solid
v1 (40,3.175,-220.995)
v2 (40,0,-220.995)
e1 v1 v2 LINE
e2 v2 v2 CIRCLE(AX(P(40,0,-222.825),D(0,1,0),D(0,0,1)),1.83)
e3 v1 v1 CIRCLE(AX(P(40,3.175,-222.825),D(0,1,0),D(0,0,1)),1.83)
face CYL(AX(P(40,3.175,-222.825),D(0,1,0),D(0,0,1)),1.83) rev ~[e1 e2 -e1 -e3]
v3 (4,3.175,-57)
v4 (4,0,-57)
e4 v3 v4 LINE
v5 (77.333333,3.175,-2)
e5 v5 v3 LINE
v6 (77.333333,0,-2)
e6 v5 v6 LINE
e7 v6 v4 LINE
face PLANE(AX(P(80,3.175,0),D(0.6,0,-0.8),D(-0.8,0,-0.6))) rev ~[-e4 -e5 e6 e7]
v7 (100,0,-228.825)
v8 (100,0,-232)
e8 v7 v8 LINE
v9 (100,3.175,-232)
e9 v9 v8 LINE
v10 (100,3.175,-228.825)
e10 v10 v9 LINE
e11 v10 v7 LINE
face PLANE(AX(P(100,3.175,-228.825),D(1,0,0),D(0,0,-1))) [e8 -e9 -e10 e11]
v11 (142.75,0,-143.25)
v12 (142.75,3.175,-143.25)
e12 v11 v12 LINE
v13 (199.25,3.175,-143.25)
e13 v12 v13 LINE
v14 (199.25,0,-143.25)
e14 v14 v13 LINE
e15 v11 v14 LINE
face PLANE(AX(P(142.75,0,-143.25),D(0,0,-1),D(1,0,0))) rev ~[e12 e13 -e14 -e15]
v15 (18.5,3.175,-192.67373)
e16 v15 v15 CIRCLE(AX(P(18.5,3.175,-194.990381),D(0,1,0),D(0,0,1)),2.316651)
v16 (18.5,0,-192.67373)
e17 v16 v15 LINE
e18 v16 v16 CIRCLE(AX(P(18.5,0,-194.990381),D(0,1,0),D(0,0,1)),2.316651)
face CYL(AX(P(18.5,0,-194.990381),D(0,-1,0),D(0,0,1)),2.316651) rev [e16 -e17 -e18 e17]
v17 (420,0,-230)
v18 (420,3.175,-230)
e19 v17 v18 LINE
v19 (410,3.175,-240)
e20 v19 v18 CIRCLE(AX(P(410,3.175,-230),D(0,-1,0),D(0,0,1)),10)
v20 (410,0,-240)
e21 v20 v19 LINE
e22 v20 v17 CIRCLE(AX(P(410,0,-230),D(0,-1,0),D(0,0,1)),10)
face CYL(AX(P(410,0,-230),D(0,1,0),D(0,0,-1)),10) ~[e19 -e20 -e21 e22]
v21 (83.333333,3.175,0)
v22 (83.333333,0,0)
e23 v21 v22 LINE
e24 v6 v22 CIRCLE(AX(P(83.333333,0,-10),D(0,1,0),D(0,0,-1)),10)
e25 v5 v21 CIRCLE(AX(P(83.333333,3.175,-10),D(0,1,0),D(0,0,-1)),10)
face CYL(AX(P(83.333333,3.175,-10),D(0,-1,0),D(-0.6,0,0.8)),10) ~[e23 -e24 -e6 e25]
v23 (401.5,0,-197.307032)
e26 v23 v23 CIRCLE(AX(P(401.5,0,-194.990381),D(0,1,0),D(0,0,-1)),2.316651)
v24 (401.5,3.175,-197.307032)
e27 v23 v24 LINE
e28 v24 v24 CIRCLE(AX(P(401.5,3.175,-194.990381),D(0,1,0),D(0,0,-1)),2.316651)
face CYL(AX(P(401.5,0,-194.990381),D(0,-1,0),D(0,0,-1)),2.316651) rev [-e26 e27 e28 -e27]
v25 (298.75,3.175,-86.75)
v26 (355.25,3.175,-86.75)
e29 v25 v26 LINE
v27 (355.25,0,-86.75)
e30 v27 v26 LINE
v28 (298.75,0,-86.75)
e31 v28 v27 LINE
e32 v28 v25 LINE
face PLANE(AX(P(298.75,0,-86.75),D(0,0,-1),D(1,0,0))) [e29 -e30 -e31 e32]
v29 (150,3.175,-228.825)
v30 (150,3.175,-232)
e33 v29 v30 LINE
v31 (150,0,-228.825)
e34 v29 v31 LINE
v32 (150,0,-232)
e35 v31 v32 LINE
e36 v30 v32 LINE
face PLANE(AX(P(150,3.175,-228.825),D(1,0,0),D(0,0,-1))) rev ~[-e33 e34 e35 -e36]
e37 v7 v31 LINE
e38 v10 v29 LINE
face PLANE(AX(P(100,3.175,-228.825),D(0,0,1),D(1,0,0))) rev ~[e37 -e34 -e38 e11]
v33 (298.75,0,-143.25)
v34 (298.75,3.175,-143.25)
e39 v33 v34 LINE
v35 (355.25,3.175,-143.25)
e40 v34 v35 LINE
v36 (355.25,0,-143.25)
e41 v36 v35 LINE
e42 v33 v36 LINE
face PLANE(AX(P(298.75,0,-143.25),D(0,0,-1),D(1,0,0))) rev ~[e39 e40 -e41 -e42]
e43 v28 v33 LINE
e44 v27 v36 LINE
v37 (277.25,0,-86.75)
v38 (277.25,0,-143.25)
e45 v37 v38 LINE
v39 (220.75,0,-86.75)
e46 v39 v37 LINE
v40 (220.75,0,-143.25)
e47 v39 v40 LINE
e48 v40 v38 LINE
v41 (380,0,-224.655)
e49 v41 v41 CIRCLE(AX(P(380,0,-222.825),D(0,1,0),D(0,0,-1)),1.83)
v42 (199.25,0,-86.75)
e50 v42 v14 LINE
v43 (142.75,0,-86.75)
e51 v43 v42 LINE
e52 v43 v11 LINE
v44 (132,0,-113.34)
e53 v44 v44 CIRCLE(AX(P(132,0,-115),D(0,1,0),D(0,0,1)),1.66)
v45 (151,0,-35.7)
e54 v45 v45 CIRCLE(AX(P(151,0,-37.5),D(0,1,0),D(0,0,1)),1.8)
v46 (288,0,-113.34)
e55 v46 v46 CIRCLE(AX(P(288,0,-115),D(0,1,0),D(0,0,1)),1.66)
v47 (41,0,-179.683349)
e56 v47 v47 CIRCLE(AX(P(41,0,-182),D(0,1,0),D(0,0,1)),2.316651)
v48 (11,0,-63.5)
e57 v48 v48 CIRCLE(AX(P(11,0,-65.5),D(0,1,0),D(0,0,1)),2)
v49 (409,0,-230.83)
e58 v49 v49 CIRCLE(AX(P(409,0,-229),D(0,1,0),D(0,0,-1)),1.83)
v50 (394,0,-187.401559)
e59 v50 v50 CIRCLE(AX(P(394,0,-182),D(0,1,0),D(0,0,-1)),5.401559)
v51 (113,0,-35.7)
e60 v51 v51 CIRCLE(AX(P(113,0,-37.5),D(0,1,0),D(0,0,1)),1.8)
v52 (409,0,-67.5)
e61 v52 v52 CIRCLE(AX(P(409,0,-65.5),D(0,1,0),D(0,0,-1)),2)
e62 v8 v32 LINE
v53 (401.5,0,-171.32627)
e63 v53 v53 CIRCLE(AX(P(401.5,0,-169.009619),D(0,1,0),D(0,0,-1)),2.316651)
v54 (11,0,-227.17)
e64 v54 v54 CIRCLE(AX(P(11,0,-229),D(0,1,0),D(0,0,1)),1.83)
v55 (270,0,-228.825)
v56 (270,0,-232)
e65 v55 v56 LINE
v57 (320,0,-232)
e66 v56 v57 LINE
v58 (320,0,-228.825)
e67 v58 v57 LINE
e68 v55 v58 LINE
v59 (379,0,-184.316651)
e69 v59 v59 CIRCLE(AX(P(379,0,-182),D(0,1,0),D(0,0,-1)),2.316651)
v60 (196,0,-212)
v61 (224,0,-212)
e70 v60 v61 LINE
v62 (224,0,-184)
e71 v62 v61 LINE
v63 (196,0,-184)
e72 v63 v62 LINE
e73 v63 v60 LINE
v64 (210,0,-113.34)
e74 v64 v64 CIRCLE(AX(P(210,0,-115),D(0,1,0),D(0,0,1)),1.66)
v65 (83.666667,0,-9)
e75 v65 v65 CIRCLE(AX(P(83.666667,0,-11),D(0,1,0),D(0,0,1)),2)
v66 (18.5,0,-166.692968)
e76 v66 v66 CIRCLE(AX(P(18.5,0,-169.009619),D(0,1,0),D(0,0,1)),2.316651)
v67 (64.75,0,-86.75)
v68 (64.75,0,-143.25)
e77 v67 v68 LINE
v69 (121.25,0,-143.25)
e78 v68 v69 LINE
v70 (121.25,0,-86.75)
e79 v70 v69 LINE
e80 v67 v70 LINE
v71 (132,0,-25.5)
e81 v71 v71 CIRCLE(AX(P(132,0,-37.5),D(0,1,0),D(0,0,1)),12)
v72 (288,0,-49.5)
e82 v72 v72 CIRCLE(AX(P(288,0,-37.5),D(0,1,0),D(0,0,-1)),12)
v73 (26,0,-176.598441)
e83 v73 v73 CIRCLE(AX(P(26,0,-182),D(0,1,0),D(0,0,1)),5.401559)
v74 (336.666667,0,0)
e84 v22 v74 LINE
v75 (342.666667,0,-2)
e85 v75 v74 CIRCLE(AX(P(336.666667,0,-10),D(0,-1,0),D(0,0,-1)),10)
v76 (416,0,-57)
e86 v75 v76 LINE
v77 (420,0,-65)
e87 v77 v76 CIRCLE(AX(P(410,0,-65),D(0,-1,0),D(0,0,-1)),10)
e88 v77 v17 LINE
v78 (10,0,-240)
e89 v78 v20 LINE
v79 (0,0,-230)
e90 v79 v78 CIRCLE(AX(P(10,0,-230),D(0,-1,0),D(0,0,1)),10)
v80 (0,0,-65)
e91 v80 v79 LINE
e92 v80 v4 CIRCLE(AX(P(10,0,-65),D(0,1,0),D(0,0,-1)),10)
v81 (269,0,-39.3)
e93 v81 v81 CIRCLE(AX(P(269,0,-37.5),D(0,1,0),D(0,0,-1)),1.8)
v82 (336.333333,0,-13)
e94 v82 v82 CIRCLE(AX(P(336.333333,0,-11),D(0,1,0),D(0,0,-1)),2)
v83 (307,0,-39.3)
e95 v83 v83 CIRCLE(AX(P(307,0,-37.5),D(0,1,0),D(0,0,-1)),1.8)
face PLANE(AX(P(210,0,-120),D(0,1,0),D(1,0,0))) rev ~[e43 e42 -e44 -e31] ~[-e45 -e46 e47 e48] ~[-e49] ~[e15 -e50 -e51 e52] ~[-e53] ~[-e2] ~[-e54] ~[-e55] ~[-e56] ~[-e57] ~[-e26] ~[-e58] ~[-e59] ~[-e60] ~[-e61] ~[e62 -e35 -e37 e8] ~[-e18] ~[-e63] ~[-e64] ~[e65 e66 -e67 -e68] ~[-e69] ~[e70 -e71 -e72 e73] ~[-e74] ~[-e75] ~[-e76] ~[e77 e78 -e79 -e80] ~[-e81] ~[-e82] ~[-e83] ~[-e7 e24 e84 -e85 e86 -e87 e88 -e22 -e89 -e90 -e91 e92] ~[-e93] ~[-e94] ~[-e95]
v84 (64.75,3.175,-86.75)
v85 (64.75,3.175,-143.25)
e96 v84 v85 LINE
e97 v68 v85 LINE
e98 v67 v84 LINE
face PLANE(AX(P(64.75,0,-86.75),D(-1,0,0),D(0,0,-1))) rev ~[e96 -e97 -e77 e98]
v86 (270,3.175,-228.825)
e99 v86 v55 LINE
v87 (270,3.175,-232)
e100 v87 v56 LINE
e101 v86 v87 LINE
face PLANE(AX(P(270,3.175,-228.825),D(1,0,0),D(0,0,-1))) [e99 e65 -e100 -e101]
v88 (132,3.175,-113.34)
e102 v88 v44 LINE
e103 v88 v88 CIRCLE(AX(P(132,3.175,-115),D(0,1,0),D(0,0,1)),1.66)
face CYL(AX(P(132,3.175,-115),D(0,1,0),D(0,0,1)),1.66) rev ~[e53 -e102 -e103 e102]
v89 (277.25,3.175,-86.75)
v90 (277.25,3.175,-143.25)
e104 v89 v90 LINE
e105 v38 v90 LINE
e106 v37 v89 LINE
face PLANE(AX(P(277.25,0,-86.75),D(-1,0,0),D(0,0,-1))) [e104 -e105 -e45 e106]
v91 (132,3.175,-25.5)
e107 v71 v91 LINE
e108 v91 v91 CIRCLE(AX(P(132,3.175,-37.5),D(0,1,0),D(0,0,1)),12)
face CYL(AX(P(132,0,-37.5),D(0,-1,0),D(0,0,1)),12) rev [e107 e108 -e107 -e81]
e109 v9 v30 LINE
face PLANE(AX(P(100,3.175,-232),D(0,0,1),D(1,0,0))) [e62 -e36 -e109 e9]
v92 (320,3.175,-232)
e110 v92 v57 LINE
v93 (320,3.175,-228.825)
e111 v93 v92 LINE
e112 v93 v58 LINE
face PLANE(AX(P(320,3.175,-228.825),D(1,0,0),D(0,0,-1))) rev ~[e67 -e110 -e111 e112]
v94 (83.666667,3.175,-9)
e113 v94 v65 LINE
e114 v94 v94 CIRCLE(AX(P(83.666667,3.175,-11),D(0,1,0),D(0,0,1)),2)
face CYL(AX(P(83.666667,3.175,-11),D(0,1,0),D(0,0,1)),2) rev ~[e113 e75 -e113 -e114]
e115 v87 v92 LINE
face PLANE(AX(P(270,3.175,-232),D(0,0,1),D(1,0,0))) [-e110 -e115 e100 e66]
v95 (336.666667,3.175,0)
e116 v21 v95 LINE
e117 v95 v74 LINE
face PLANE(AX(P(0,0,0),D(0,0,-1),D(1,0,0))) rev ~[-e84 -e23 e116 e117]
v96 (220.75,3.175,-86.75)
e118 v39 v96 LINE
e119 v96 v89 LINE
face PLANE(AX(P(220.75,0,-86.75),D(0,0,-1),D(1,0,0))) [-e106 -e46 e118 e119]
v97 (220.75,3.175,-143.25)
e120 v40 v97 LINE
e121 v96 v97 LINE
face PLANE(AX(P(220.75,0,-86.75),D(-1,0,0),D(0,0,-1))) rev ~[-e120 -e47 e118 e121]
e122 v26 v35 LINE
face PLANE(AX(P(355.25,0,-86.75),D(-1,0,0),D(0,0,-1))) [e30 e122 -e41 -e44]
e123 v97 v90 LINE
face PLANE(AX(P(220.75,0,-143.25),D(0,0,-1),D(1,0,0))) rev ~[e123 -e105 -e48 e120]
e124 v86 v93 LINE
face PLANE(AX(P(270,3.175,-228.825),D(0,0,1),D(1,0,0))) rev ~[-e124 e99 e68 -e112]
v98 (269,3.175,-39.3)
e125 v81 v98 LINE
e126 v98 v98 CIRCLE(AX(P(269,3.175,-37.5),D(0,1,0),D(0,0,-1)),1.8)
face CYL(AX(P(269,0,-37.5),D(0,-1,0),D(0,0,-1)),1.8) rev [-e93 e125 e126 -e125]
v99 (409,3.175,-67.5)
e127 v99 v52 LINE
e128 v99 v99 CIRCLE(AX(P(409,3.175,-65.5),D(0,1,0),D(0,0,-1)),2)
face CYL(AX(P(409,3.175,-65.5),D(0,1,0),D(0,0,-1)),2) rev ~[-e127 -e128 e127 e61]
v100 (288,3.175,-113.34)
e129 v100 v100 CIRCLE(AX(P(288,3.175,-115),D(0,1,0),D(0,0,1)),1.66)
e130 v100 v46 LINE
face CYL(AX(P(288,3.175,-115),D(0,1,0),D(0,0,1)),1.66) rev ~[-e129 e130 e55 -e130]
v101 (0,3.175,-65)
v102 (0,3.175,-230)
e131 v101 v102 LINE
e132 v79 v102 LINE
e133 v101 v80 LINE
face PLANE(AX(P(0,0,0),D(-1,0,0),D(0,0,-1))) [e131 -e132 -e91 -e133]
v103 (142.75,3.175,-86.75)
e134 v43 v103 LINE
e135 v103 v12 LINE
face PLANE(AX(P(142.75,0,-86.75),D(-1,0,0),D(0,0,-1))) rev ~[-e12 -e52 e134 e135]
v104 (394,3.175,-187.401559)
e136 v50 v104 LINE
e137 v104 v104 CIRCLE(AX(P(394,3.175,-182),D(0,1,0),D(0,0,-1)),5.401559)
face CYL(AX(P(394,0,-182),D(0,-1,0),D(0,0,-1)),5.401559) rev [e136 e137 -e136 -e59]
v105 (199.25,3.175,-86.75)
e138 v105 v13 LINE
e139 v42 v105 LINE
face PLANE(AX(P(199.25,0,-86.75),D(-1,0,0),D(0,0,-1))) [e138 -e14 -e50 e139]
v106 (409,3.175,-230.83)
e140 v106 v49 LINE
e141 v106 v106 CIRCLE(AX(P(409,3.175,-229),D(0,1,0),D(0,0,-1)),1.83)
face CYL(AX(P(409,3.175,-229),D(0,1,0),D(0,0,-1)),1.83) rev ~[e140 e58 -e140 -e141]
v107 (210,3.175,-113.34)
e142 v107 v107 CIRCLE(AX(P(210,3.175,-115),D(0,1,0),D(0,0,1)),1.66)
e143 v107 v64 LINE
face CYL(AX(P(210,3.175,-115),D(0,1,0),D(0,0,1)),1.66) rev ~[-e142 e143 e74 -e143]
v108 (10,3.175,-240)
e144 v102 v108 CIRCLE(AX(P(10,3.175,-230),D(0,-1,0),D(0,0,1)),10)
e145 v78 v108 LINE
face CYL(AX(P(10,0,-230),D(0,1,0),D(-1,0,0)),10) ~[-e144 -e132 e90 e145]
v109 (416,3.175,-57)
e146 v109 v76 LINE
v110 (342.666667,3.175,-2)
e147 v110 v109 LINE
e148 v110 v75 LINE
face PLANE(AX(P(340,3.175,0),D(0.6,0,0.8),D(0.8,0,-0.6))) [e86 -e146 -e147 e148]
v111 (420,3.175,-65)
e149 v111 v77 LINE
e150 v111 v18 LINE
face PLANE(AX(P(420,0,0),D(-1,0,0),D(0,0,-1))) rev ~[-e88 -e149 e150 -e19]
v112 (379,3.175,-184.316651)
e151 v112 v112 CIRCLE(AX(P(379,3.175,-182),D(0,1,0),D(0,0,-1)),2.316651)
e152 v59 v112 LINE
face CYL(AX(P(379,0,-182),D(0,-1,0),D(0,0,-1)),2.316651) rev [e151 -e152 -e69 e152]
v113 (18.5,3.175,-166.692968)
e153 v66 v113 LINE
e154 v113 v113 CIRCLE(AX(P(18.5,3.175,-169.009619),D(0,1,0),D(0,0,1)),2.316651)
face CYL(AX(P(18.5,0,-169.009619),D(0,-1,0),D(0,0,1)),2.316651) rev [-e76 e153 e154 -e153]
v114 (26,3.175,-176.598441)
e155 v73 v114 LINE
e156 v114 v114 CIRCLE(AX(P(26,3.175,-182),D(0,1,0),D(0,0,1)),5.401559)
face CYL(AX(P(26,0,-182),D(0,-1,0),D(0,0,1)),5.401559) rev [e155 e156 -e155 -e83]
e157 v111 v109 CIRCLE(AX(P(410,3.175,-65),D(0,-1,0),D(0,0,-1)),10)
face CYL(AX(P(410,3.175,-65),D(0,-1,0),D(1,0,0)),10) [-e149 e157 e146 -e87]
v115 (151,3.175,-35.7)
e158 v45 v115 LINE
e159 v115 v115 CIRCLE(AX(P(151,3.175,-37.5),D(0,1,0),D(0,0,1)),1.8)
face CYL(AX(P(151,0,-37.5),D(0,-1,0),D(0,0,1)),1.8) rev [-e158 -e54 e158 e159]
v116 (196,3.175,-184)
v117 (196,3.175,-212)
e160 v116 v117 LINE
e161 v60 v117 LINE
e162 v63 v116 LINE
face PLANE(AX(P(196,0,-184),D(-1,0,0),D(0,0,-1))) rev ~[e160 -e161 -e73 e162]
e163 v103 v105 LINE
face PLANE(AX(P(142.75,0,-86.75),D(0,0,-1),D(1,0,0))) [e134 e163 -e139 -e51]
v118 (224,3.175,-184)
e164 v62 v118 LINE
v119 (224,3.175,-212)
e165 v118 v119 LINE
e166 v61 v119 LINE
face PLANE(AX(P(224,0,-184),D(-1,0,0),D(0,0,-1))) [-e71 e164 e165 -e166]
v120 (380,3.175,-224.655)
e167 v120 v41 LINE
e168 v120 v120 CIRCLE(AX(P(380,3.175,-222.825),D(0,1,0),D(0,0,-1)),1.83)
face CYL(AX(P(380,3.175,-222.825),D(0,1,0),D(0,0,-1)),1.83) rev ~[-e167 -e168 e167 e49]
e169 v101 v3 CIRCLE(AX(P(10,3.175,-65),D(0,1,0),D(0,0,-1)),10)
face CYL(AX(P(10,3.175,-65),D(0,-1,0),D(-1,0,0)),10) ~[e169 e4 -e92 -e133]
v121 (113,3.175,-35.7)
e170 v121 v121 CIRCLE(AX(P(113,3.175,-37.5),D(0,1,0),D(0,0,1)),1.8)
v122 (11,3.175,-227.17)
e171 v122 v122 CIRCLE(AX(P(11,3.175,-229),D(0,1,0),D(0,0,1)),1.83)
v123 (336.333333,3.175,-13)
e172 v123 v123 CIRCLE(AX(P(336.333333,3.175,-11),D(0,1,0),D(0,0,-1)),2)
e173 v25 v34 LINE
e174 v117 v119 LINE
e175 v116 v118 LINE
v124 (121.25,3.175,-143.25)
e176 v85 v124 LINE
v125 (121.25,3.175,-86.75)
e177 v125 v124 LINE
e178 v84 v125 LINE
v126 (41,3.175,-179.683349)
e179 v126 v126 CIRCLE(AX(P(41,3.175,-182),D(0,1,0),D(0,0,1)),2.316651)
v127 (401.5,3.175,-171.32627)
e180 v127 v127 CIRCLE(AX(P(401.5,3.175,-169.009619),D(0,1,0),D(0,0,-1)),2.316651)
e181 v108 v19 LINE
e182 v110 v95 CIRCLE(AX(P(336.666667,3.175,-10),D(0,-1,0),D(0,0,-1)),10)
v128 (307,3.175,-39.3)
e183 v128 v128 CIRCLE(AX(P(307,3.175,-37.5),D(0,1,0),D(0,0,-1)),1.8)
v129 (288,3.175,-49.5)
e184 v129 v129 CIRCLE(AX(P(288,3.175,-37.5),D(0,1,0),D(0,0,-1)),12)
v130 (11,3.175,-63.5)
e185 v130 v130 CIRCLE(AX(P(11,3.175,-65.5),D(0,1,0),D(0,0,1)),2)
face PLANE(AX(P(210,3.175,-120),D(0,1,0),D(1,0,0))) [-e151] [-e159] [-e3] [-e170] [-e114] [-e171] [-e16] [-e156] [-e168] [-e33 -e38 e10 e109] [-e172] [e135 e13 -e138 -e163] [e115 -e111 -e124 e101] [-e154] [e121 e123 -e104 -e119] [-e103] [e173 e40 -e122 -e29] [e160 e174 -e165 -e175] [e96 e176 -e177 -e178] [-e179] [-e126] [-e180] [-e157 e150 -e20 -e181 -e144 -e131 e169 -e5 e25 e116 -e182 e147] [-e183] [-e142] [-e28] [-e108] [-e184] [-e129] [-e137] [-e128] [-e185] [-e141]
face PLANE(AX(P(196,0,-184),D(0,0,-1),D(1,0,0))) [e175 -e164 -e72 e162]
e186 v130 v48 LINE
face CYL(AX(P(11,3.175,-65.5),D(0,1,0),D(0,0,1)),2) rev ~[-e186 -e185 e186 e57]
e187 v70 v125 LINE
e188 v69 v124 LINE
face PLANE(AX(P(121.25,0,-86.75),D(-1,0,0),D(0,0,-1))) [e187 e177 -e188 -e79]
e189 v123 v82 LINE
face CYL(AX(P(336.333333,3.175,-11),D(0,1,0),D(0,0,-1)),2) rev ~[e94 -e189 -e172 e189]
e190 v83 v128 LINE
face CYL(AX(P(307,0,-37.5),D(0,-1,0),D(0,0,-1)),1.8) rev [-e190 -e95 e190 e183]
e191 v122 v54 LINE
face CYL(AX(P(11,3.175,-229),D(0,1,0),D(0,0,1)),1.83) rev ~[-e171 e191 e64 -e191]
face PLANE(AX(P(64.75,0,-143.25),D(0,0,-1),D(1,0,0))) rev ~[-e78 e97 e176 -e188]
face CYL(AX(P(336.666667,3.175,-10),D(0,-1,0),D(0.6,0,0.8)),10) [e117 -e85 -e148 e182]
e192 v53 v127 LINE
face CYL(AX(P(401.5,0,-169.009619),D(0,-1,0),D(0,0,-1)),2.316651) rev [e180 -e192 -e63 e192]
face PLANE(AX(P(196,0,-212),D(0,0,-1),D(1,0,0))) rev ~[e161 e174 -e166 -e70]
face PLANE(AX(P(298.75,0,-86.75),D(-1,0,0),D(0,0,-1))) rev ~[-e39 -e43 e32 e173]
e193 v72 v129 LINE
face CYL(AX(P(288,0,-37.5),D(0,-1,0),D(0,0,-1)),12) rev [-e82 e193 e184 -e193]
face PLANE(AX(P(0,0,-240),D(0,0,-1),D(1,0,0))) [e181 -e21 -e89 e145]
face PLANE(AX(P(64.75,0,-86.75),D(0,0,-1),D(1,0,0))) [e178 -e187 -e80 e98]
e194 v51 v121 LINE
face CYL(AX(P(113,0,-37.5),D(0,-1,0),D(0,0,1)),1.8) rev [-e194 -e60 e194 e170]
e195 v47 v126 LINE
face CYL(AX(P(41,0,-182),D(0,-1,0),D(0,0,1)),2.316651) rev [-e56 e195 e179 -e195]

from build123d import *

# Parameters (mm, degrees)
SKETCH1_W           = 420
SKETCH1_H           = 240
SKETCH1_R           = 2.316650795
SKETCH1_R_2         = 5.401558945
SKETCH1_R_3         = 12
SKETCH1_R_4         = 1.8
SKETCH1_W_2         = 56.5
SKETCH1_H_2         = 56.5
SKETCH1_W_3         = 28
SKETCH1_H_3         = 28
BOSS_EXTRUDE1_DEPTH = 3.175
CUT_EXTRUDE1_DEPTH  = 10
FILLET1_R           = 10
SKETCH5_R           = 1.83
SKETCH5_R_2         = 2
SKETCH5_R_3         = 1.66
CUT_EXTRUDE2_DEPTH  = 3.175
SKETCH6_W           = 50
SKETCH6_H           = 3.175
CUT_EXTRUDE3_DEPTH  = 3.175


with BuildPart() as part:
    # Sketch1 → Boss-Extrude1 (new body)
    with BuildSketch(Plane(origin=(0, 0, 0), x_dir=(1, 0, 0), z_dir=(0, 1, 0))):
        with Locations((210, 120)):
            Rectangle(SKETCH1_W, SKETCH1_H)
        with Locations(Location((41, 182, 0), (0, 0, 270))):
            Circle(SKETCH1_R, mode=Mode.SUBTRACT)
        with Locations(Location((18.5, 169.009618943, 0), (0, 0, 270))):
            Circle(SKETCH1_R, mode=Mode.SUBTRACT)
        with Locations(Location((18.5, 194.990381057, 0), (0, 0, 270))):
            Circle(SKETCH1_R, mode=Mode.SUBTRACT)
        with Locations(Location((26, 182, 0), (0, 0, 270))):
            Circle(SKETCH1_R_2, mode=Mode.SUBTRACT)
        with Locations(Location((132, 37.5, 0), (0, 0, 270))):
            Circle(SKETCH1_R_3, mode=Mode.SUBTRACT)
        with Locations(Location((113, 37.5, 0), (0, 0, 270))):
            Circle(SKETCH1_R_4, mode=Mode.SUBTRACT)
        with Locations(Location((151, 37.5, 0), (0, 0, 270))):
            Circle(SKETCH1_R_4, mode=Mode.SUBTRACT)
        with Locations(Location((401.5, 194.990381057, 0), (0, 0, 90))):
            Circle(SKETCH1_R, mode=Mode.SUBTRACT)
        with Locations(Location((379, 182, 0), (0, 0, 90))):
            Circle(SKETCH1_R, mode=Mode.SUBTRACT)
        with Locations(Location((394, 182, 0), (0, 0, 90))):
            Circle(SKETCH1_R_2, mode=Mode.SUBTRACT)
        with Locations(Location((401.5, 169.009618943, 0), (0, 0, 90))):
            Circle(SKETCH1_R, mode=Mode.SUBTRACT)
        with Locations(Location((307, 37.5, 0), (0, 0, 90))):
            Circle(SKETCH1_R_4, mode=Mode.SUBTRACT)
        with Locations(Location((269, 37.5, 0), (0, 0, 90))):
            Circle(SKETCH1_R_4, mode=Mode.SUBTRACT)
        with Locations(Location((288, 37.5, 0), (0, 0, 90))):
            Circle(SKETCH1_R_3, mode=Mode.SUBTRACT)
        with Locations((171, 115)):
            Rectangle(SKETCH1_W_2, SKETCH1_H_2, mode=Mode.SUBTRACT)
        with Locations((93, 115)):
            Rectangle(SKETCH1_W_2, SKETCH1_H_2, mode=Mode.SUBTRACT)
        with Locations((327, 115)):
            Rectangle(SKETCH1_W_2, SKETCH1_H_2, mode=Mode.SUBTRACT)
        with Locations((249, 115)):
            Rectangle(SKETCH1_W_2, SKETCH1_H_2, mode=Mode.SUBTRACT)
        with Locations((210, 198)):
            Rectangle(SKETCH1_W_3, SKETCH1_H_3, mode=Mode.SUBTRACT)
    extrude(amount=BOSS_EXTRUDE1_DEPTH)

    # Sketch2 → Cut-Extrude1 (cut)
    with BuildSketch(Plane(origin=(0, 3.175, 0), x_dir=(1, 0, 0), z_dir=(0, 1, 0))):
        Polygon((0, 60), (0, 0), (80, 0), align=None)
        Polygon((420, 60), (420, 0), (340, 0), align=None)
    extrude(amount=-CUT_EXTRUDE1_DEPTH, mode=Mode.SUBTRACT)

    # Fillet1
    fillet1_edges = [part.edges().sort_by_distance(p)[0] for p in [
        (420, 1.5875, -60),
        (80, 1.5875, 0),
        (0, 1.5875, -60),
        (340, 1.5875, 0),
        (0, 1.5875, -240),
        (420, 1.5875, -240),
    ]]
    fillet(fillet1_edges, radius=FILLET1_R)

    # Sketch5 → Cut-Extrude2 (cut)
    with BuildSketch(Plane(origin=(0, 3.175, 0), x_dir=(1, 0, 0), z_dir=(0, 1, 0))):
        with Locations(Location((11, 229, 0), (0, 0, 270))):
            Circle(SKETCH5_R)
        with Locations(Location((11, 65.5, 0), (0, 0, 270))):
            Circle(SKETCH5_R_2)
        with Locations(Location((83.666666667, 11, 0), (0, 0, 270))):
            Circle(SKETCH5_R_2)
        with Locations(Location((409, 65.5, 0), (0, 0, 90))):
            Circle(SKETCH5_R_2)
        with Locations(Location((336.333333333, 11, 0), (0, 0, 90))):
            Circle(SKETCH5_R_2)
        with Locations(Location((210, 115, 0), (0, 0, 270))):
            Circle(SKETCH5_R_3)
        with Locations(Location((132, 115, 0), (0, 0, 270))):
            Circle(SKETCH5_R_3)
        with Locations(Location((288, 115, 0), (0, 0, 270))):
            Circle(SKETCH5_R_3)
        with Locations(Location((40, 222.825, 0), (0, 0, 270))):
            Circle(SKETCH5_R)
        with Locations(Location((380, 222.825, 0), (0, 0, 90))):
            Circle(SKETCH5_R)
        with Locations(Location((409, 229, 0), (0, 0, 90))):
            Circle(SKETCH5_R)
    extrude(amount=-CUT_EXTRUDE2_DEPTH, mode=Mode.SUBTRACT)

    # Sketch6 → Cut-Extrude3 (cut)
    with BuildSketch(Plane(origin=(0, 3.175, 0), x_dir=(1, 0, 0), z_dir=(0, 1, 0))):
        with Locations((125, 230.4125)):
            Rectangle(SKETCH6_W, SKETCH6_H)
        with Locations((295, 230.4125)):
            Rectangle(SKETCH6_W, SKETCH6_H)
    extrude(amount=-CUT_EXTRUDE3_DEPTH, mode=Mode.SUBTRACT)


solid = part.part
